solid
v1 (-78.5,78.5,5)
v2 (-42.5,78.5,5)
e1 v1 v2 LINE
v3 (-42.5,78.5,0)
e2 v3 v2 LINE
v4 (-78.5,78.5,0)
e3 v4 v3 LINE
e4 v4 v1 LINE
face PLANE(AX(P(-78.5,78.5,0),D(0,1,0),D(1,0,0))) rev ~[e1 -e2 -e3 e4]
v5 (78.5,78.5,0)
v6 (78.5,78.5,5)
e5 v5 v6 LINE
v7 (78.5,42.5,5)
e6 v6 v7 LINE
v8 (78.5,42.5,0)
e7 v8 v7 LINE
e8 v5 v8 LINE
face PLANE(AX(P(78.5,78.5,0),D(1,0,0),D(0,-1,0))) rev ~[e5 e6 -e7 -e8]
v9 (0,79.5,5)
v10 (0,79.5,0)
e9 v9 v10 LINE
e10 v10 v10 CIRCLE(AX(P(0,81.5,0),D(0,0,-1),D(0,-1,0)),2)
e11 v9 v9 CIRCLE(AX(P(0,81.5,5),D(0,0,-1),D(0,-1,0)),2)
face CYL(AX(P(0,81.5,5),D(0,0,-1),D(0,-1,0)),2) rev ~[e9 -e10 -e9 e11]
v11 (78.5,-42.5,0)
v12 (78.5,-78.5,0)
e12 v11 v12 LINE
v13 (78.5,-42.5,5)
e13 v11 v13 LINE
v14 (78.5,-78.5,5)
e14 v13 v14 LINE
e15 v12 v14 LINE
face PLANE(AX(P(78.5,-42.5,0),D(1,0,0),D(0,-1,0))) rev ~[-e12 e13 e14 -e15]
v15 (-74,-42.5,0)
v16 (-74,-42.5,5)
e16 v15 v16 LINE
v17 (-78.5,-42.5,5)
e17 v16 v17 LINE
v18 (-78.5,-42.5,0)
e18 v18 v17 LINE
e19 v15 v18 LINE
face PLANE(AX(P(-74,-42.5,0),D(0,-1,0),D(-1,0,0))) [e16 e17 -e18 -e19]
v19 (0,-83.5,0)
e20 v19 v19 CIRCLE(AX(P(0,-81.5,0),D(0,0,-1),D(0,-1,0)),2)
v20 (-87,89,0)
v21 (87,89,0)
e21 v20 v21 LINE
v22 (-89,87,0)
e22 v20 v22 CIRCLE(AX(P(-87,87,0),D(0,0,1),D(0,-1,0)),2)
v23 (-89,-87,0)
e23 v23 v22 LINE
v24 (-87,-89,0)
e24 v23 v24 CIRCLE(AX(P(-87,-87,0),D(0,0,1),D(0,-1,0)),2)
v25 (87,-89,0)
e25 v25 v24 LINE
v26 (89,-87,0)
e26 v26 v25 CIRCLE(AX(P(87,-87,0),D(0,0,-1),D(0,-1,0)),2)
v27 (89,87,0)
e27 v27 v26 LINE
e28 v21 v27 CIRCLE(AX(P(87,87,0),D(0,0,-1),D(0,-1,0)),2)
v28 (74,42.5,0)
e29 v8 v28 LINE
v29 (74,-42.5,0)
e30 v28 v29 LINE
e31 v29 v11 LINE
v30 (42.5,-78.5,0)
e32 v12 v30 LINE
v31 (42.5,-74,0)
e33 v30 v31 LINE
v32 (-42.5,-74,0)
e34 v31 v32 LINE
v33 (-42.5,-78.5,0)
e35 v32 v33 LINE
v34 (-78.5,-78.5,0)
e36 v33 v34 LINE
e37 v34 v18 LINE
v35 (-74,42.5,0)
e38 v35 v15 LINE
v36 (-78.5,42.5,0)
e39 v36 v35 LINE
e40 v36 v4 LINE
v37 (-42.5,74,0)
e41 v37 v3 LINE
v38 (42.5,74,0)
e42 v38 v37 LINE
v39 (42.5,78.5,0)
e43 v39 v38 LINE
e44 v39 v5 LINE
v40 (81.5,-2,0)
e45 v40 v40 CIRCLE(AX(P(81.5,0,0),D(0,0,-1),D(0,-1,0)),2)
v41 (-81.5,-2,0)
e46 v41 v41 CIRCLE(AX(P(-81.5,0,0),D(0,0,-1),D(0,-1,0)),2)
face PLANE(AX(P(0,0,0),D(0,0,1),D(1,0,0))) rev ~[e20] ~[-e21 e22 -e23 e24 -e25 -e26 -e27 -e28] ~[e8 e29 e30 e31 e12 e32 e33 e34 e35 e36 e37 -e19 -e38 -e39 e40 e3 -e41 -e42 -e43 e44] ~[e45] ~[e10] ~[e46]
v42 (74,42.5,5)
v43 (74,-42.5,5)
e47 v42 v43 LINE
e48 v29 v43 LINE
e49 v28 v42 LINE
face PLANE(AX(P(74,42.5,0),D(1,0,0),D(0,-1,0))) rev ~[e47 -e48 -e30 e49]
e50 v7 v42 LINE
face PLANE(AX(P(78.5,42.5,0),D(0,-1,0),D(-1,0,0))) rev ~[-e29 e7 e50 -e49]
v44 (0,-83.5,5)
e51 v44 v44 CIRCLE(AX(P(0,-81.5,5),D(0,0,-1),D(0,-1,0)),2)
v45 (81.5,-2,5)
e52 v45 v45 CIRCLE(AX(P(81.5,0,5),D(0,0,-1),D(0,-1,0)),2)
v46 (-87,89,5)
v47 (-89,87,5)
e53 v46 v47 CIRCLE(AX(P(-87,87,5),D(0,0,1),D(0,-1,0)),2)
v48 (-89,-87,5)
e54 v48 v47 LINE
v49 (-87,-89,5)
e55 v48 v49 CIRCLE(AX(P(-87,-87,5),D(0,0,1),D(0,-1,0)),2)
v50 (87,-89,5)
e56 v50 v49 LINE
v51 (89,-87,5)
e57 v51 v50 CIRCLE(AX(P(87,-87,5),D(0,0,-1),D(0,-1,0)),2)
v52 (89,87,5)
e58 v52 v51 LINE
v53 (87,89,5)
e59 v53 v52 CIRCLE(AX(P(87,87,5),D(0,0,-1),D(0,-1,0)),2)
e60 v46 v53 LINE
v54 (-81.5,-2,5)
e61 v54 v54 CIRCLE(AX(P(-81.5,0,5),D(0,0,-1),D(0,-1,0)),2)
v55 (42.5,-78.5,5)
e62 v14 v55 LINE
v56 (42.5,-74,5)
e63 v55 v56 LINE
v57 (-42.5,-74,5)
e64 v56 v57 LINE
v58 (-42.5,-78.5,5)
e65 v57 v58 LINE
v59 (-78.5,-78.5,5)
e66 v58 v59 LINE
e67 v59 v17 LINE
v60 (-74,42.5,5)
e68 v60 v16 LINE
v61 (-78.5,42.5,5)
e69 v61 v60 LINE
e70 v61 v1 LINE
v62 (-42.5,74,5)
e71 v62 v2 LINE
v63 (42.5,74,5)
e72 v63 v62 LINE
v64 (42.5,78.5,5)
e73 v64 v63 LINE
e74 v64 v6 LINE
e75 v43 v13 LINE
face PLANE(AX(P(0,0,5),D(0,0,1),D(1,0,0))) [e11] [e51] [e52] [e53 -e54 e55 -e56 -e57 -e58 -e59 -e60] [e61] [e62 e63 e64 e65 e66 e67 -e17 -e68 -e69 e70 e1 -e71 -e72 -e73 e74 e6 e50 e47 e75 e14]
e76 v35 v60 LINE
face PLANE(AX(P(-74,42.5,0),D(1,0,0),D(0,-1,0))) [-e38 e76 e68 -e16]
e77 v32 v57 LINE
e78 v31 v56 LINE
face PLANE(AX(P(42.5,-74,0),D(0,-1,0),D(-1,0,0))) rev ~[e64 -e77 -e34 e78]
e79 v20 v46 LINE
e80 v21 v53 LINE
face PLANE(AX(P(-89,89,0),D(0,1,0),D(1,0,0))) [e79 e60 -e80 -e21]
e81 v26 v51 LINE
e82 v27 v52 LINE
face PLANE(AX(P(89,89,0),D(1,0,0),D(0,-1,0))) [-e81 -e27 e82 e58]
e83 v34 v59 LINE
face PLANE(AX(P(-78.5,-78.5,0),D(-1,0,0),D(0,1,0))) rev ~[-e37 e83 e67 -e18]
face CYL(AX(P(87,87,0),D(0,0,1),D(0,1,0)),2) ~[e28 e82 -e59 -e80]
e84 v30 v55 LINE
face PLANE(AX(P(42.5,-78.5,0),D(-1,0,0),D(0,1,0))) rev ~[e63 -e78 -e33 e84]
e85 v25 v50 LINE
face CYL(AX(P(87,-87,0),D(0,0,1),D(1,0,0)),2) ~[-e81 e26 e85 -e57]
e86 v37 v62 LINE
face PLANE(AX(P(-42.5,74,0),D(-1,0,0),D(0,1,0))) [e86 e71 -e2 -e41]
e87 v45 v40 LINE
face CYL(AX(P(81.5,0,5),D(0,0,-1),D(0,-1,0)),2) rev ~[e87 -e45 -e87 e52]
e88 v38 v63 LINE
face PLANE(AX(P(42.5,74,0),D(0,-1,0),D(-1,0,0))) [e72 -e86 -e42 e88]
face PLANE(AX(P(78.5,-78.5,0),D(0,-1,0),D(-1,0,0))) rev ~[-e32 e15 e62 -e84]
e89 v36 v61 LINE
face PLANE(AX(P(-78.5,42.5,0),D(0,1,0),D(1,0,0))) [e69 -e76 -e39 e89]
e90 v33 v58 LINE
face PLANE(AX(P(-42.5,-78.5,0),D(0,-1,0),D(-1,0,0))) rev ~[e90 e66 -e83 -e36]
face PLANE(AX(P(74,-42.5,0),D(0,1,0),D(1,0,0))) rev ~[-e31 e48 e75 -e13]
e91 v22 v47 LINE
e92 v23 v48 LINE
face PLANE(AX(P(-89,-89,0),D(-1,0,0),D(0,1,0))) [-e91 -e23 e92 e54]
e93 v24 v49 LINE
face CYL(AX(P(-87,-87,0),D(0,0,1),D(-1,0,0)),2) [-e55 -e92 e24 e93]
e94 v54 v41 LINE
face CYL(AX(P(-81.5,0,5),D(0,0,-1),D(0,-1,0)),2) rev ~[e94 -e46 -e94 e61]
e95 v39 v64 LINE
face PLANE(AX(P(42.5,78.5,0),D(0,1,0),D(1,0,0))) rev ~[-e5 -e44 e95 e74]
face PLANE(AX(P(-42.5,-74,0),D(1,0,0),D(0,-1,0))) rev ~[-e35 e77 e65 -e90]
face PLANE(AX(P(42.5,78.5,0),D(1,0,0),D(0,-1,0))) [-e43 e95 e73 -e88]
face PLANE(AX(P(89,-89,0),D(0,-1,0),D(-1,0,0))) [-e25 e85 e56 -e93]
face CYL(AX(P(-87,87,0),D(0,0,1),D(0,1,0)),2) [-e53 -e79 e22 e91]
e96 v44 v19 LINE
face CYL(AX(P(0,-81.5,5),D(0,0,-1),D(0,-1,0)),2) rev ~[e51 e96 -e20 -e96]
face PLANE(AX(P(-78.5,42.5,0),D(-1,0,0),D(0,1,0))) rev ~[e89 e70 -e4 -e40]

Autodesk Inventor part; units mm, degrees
ref_plane "YZ Plane" through (0, 0, 0) normal (1, 0, 0) x (0, 1, 0)
ref_plane "XZ Plane" through (0, 0, 0) normal (0, 1, 0) x (-1, 0, 0)
ref_plane "XY Plane" through (0, 0, 0) normal (0, 0, 1) x (1, 0, 0)
sketch "Sketch1" plane through (0, 0, 0) normal (0, 0, 1) x (1, 0, 0)
  line L0 (-89, 89) -> (89, 89)
  line L1 (89, 89) -> (89, -89)
  line L2 (89, -89) -> (-89, -89)
  line L3 (-89, -89) -> (-89, 89)
  line L4 (-78.5, 42.5) -> (-74, 42.5)
  line L5 (-74, 42.5) -> (-74, -42.5)
  line L6 (-74, -42.5) -> (-78.5, -42.5)
  line L7 (42.5, 78.5) -> (42.5, 74)
  line L8 (42.5, 74) -> (-42.5, 74)
  line L9 (-42.5, 74) -> (-42.5, 78.5)
  line L10 (78.5, 42.5) -> (74, 42.5)
  line L11 (74, 42.5) -> (74, -42.5)
  line L12 (74, -42.5) -> (78.5, -42.5)
  line L13 (42.5, -78.5) -> (42.5, -74)
  line L14 (42.5, -74) -> (-42.5, -74)
  line L15 (-42.5, -74) -> (-42.5, -78.5)
  line L16 (-78.5, 78.5) -> (-42.5, 78.5)
  line L17 (42.5, 78.5) -> (78.5, 78.5)
  line L18 (-78.5, -78.5) -> (-78.5, -42.5)
  line L19 (-78.5, 42.5) -> (-78.5, 78.5)
  line L20 (78.5, -78.5) -> (42.5, -78.5)
  line L21 (-42.5, -78.5) -> (-78.5, -78.5)
  line L22 (78.5, 78.5) -> (78.5, 42.5)
  line L23 (78.5, -42.5) -> (78.5, -78.5)
  point P0 (0, 0)
  point P1 (-74, 0)
  point P2 (0, 74)
  dimension "d0" = 36
  dimension "d1" = 36
  dimension "d2" = 148
  dimension "d3" = 148
  dimension "d4" = 157
  dimension "d5" = 157
  dimension "d6" = 74
  dimension "d7" = 74
  dimension "d9" = 15
  dimension "d14" = 15
  dimension "d15" = 15
extrude "Extrusion1" add sketch "Sketch1" along normal blind 5
sketch "Sketch2" plane through (0, 0, 5) normal (0, 0, 1) x (1, 0, 0)
  circle A0 centre (-81.5, 0) radius 2
  circle A1 centre (81.5, 0) radius 2
  line L0 (-74, -42.5) -> (-74, 42.5) projected
  line L1 (74, 42.5) -> (74, -42.5) projected
  circle A2 centre (0, 81.5) radius 2
  circle A3 centre (0, -81.5) radius 2
  line L2 (-42.5, 74) -> (42.5, 74) projected
  line L3 (42.5, -74) -> (-42.5, -74) projected
  point P0 (0, 0)
  dimension "d16" = 7.5
  dimension "d17" = 7.5
  dimension "d18" = 4
  dimension "d19" = 7.5
  dimension "d20" = 7.5
hole "Hole1" at (-81.5, 0, 5) at (0, 81.5, 5) at (81.5, 0, 5) at (0, -81.5, 5) direction (0, 0, -1) diameter 4 end through all
fillet "Fillet1" radius 2 4 edges at (-89, -89, 2.5) (-89, 89, 2.5) (89, -89, 2.5) (89, 89, 2.5)
equation "\"d6\" = 0.5 * d3"
equation "\"d7\" = 0.5 * d2"
equation "\"d21\" = d18"
properties part number "WaagePlexiMittelsteuck" material "PET Plastic"
